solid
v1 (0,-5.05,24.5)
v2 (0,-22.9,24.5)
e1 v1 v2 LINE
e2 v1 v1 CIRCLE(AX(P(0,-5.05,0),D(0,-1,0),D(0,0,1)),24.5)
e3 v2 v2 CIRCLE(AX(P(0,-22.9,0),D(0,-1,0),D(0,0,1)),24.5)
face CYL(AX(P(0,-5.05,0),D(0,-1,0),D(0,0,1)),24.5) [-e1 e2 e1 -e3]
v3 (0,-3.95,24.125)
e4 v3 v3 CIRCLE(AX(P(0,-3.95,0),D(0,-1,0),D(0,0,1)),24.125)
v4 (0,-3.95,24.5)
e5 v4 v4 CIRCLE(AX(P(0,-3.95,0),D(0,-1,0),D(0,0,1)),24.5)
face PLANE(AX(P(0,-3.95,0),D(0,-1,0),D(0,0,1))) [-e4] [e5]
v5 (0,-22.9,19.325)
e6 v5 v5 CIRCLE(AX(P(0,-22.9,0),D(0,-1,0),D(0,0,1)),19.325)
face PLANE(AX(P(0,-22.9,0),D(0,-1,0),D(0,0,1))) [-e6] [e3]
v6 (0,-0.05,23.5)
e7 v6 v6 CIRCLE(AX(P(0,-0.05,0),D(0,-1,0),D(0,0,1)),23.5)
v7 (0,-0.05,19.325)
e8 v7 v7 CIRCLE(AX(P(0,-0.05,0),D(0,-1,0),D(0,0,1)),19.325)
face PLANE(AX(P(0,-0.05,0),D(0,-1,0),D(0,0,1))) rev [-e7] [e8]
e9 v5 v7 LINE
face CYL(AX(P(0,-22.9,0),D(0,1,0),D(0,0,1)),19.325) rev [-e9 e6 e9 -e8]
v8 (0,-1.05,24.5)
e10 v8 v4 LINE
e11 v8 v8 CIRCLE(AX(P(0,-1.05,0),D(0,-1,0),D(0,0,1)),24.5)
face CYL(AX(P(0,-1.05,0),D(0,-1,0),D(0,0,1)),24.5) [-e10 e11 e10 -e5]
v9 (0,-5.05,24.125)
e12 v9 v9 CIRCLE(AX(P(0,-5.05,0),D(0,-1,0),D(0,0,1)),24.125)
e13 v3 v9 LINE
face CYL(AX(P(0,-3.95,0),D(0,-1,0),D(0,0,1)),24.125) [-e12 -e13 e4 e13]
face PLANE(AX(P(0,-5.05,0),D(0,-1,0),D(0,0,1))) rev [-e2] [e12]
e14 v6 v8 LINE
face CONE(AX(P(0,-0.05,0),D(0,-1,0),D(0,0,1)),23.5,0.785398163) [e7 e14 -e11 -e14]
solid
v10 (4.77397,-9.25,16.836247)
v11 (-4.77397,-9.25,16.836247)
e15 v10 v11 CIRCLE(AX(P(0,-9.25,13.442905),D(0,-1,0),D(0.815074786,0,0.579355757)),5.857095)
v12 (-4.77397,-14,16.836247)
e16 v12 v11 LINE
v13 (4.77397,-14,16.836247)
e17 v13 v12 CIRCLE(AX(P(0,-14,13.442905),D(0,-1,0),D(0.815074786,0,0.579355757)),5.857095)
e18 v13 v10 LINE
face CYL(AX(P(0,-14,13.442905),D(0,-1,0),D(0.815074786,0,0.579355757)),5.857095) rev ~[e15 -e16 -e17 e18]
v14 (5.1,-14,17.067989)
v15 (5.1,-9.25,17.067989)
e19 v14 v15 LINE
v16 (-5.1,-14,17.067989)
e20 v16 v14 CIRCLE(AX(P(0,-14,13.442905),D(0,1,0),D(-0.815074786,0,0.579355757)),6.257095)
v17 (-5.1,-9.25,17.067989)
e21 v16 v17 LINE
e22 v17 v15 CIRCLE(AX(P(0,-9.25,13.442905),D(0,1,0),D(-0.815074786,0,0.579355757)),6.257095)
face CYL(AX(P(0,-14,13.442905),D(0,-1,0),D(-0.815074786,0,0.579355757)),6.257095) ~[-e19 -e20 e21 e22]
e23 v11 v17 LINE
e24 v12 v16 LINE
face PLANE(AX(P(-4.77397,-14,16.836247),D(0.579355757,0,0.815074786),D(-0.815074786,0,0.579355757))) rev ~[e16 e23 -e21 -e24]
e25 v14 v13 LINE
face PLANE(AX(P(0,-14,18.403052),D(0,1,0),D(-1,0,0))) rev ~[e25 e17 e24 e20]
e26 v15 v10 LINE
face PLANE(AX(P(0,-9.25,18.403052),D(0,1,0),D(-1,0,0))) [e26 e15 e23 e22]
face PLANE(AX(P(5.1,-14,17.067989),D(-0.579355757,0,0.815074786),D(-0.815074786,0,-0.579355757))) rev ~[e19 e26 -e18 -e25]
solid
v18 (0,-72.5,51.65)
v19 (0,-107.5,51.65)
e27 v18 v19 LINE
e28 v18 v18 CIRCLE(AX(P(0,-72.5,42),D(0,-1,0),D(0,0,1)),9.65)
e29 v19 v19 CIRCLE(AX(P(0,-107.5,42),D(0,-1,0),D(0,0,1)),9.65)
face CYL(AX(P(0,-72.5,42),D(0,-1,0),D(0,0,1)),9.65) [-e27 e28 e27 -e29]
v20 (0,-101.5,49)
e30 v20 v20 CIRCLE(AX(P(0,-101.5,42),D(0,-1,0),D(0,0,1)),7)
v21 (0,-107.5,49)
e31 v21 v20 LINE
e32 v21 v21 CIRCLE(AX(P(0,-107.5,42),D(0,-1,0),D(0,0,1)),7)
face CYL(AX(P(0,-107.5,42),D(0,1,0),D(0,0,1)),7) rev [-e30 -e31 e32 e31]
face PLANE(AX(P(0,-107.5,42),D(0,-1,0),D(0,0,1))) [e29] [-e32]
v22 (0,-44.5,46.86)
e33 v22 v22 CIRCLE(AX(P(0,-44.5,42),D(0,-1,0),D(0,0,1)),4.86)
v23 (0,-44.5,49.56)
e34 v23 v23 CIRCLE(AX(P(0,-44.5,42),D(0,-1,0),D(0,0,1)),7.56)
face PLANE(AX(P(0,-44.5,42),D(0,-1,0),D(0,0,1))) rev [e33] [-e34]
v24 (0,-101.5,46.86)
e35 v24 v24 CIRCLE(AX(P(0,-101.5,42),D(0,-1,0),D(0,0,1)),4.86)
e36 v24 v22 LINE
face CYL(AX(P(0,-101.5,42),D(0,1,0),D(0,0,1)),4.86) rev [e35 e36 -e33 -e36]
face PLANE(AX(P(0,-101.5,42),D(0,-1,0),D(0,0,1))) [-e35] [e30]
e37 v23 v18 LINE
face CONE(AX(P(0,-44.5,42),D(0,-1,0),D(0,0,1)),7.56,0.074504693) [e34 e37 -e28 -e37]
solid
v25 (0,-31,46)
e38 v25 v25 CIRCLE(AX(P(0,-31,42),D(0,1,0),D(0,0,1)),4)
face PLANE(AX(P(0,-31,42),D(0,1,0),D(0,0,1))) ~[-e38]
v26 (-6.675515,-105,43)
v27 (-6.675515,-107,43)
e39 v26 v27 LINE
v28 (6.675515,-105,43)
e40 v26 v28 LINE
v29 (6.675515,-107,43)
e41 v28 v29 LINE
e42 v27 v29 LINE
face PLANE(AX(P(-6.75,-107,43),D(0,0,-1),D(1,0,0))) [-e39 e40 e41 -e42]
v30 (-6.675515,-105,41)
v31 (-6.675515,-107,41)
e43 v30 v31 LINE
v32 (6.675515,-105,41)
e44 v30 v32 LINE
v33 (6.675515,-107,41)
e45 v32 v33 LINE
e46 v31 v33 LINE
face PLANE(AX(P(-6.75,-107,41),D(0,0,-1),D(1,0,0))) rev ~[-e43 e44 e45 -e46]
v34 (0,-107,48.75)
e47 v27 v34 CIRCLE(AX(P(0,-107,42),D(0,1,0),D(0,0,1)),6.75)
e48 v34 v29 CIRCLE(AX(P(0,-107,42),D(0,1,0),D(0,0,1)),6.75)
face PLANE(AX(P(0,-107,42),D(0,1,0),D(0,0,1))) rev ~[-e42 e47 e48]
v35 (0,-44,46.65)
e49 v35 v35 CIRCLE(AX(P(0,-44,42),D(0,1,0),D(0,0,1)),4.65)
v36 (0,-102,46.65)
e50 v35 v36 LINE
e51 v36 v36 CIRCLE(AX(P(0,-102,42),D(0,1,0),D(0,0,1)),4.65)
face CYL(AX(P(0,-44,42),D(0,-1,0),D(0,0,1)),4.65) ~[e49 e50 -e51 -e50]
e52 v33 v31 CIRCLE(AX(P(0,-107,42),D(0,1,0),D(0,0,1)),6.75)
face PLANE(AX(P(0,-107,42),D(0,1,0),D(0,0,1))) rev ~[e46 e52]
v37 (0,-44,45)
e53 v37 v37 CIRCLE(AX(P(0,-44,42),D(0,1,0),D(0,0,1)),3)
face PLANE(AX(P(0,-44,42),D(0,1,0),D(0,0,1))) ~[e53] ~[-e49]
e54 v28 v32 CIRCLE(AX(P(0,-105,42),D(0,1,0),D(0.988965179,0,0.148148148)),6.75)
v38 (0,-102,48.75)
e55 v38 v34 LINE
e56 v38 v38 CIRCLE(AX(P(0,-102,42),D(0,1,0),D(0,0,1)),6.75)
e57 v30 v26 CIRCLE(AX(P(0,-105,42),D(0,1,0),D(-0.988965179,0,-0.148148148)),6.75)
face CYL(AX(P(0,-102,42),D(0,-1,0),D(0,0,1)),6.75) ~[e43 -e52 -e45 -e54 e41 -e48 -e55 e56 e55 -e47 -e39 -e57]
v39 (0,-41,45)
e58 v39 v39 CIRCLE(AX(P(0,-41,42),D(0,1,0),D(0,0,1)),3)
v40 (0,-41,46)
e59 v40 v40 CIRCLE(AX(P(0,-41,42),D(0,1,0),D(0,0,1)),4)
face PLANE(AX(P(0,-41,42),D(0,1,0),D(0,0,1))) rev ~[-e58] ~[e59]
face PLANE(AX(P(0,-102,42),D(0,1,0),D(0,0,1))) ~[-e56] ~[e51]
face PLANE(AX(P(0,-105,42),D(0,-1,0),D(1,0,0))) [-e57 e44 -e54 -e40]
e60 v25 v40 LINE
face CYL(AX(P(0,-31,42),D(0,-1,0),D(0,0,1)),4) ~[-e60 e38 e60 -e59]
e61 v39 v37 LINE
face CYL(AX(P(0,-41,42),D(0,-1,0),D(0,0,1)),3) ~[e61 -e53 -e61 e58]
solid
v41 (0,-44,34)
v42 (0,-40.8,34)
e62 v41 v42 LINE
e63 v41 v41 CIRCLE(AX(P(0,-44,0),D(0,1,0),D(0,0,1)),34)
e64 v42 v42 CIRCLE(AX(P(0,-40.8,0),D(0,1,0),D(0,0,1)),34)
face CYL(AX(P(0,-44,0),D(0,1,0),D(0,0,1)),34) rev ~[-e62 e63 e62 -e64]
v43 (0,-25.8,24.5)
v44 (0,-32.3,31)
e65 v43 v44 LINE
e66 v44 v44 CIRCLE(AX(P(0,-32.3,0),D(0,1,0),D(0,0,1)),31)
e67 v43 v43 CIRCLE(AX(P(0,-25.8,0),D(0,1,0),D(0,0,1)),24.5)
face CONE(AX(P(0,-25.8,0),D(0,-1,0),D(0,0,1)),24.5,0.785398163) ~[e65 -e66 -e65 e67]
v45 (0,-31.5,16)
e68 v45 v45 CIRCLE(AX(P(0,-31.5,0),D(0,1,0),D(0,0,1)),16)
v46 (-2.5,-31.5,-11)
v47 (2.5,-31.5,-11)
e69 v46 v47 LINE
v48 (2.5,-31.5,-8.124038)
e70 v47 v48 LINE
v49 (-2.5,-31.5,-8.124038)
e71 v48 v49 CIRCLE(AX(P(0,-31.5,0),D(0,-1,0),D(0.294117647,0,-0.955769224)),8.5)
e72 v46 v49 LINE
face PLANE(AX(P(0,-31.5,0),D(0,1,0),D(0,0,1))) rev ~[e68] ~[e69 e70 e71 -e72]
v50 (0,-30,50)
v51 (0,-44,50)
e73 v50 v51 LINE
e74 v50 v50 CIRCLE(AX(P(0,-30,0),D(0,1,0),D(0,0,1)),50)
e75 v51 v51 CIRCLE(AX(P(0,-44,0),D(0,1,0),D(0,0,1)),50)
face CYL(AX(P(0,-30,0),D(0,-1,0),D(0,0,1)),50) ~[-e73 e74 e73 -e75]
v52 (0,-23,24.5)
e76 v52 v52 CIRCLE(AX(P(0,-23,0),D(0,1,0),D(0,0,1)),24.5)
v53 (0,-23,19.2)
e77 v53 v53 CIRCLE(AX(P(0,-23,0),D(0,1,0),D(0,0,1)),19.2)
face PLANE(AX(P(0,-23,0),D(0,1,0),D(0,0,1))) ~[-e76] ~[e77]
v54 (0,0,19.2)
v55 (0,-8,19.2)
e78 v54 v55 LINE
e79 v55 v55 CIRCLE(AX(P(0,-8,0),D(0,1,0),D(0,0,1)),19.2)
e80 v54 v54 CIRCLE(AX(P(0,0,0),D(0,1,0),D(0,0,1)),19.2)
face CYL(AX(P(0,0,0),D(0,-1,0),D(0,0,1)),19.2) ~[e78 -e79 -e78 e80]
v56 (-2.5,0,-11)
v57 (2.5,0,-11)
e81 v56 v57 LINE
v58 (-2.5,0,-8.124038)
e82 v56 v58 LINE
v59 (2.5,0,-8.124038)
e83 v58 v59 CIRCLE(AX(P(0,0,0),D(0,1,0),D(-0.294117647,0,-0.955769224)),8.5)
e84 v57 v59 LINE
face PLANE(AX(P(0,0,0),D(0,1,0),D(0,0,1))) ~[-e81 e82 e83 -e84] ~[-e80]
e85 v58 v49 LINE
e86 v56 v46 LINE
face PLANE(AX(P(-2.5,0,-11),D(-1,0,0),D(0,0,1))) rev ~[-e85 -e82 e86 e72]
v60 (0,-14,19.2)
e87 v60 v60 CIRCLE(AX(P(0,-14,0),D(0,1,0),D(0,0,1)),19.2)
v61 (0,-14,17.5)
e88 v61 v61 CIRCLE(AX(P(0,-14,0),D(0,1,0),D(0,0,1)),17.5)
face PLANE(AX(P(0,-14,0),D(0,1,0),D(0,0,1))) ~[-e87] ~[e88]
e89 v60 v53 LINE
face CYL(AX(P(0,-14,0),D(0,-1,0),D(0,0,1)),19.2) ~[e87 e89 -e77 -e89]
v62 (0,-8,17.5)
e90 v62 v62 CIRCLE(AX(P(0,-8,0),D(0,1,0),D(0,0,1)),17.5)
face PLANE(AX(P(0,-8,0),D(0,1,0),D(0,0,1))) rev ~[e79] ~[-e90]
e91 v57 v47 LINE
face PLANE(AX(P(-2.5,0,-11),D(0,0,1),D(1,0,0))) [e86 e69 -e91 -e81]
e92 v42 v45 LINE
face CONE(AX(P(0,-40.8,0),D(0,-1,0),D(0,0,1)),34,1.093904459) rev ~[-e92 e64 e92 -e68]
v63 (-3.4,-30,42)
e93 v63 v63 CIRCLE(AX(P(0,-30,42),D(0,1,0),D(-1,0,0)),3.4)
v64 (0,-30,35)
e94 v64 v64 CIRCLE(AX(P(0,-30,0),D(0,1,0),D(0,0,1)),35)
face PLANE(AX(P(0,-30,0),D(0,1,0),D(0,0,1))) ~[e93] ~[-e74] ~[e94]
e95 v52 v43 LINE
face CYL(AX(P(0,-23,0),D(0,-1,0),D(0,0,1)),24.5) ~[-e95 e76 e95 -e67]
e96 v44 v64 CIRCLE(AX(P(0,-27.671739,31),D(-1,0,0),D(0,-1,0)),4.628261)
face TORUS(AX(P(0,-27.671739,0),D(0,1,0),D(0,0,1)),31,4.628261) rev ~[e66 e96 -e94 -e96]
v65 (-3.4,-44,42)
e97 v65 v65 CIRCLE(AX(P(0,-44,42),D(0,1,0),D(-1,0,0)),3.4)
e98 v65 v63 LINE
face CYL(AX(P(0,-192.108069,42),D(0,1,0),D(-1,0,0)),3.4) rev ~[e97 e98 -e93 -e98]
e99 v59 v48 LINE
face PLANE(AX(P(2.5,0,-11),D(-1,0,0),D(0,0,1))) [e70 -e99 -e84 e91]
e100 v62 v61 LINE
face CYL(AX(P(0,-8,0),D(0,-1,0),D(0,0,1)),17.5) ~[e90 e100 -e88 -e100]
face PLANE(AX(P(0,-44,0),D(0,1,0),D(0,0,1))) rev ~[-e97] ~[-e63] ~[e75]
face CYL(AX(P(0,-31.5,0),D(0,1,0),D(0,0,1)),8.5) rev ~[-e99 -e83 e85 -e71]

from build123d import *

# Parameters (mm, degrees)
F3_D      = 6.8
F4_W      = 5
F4_H      = 2.8759615954
F5_DEPTH  = 31.5
F9_DEPTH  = 4.75
F12_W     = 13.5
F12_H     = 2
F13_DEPTH = 2


with BuildPart() as f1:
    # F0 (on Right) → F1 (revolve)
    with BuildSketch(Plane.YZ):
        with BuildLine():
            Line((-31.5, 8.5), (0, 8.5))
            Line((0, 8.5), (0, 19.2))
            Line((0, 19.2), (-8, 19.2))
            Line((-8, 19.2), (-8, 17.5))
            Line((-8, 17.5), (-14, 17.5))
            Line((-14, 17.5), (-14, 19.2))
            Line((-14, 19.2), (-23, 19.2))
            Line((-23, 19.2), (-23, 24.5))
            Line((-23, 24.5), (-25.8, 24.5))
            Line((-25.8, 24.5), (-32.3, 31))
            ThreePointArc((-32.3, 31), (-31.6840076505, 33.307054399), (-30, 35))
            Line((-30, 35), (-30, 50))
            Line((-30, 50), (-44, 50))
            Line((-44, 50), (-44, 34))
            Line((-44, 34), (-40.8, 34))
            Line((-40.8, 34), (-31.5, 16))
            Line((-31.5, 16), (-31.5, 8.5))
        make_face()
    revolve(axis=Axis((0, -15.75, 0), (0, 1, 0)))

    # F3 (through all)
    with Locations(Plane.XZ.offset(44)):
        with Locations((0, 42)):
            Hole(F3_D / 2)

    # F4 (on Front) → F5 (cut, through all)
    with BuildSketch(Plane.XZ):
        with Locations((0, -9.5620192023)):
            Rectangle(F4_W, F4_H)
    extrude(amount=F5_DEPTH, mode=Mode.SUBTRACT)


with BuildPart() as f7:
    # F6 (on Right) → F7 (revolve)
    with BuildSketch(Plane.YZ):
        Polygon((-22.9, 24.5), (-22.9, 19.325), (-0.05, 19.325), (-0.05, 23.5), (-1.05, 24.5), (-3.95, 24.5), (-3.95, 24.125), (-5.05, 24.125), (-5.05, 24.5), align=None)
    revolve(axis=Axis((0, -11.45, 0), (0, -1, 0)))


with BuildPart() as f9:
    # F8 (on face) → F9 (new body)
    with BuildSketch(Plane(origin=(0, -14, 0), x_dir=(-1, 0, 0), z_dir=(0, 1, 0))):
        with BuildLine():
            Line((-5.1, 17.0679892012), (-4.7739700856, 16.8362468983))
            ThreePointArc((-4.7739700856, 16.8362468983), (0, 19.3), (4.7739700856, 16.8362468983))
            Line((4.7739700856, 16.8362468983), (5.1, 17.0679892012))
            ThreePointArc((5.1, 17.0679892012), (0, 19.7), (-5.1, 17.0679892012))
        make_face()
    extrude(amount=F9_DEPTH)


with BuildPart() as f11:
    # F10 (on Right) → F11 (revolve)
    with BuildSketch(Plane.YZ):
        Polygon((-102, 48.75), (-107, 48.75), (-107, 42), (-31, 42), (-31, 46), (-41, 46), (-41, 45), (-44, 45), (-44, 46.65), (-102, 46.65), align=None)
    revolve(axis=Axis((0, -69, 42), (0, 1, 0)))

    # F12 (on face) → F13 (cut)
    with BuildSketch(Plane.XZ.offset(107)):
        with Locations((0, 42)):
            Rectangle(F12_W, F12_H)
    extrude(amount=-F13_DEPTH, mode=Mode.SUBTRACT)


with BuildPart() as f15:
    # F14 (on Right) → F15 (revolve)
    with BuildSketch(Plane.YZ):
        Polygon((-101.5, 49), (-101.5, 46.86), (-44.5, 46.86), (-44.5, 49.56), (-72.5, 51.65), (-107.5, 51.65), (-107.5, 49), align=None)
    revolve(axis=Axis((0, -73, 42), (0, -1, 0)))


solid = Compound([f1.part, f7.part, f9.part, f11.part, f15.part])
